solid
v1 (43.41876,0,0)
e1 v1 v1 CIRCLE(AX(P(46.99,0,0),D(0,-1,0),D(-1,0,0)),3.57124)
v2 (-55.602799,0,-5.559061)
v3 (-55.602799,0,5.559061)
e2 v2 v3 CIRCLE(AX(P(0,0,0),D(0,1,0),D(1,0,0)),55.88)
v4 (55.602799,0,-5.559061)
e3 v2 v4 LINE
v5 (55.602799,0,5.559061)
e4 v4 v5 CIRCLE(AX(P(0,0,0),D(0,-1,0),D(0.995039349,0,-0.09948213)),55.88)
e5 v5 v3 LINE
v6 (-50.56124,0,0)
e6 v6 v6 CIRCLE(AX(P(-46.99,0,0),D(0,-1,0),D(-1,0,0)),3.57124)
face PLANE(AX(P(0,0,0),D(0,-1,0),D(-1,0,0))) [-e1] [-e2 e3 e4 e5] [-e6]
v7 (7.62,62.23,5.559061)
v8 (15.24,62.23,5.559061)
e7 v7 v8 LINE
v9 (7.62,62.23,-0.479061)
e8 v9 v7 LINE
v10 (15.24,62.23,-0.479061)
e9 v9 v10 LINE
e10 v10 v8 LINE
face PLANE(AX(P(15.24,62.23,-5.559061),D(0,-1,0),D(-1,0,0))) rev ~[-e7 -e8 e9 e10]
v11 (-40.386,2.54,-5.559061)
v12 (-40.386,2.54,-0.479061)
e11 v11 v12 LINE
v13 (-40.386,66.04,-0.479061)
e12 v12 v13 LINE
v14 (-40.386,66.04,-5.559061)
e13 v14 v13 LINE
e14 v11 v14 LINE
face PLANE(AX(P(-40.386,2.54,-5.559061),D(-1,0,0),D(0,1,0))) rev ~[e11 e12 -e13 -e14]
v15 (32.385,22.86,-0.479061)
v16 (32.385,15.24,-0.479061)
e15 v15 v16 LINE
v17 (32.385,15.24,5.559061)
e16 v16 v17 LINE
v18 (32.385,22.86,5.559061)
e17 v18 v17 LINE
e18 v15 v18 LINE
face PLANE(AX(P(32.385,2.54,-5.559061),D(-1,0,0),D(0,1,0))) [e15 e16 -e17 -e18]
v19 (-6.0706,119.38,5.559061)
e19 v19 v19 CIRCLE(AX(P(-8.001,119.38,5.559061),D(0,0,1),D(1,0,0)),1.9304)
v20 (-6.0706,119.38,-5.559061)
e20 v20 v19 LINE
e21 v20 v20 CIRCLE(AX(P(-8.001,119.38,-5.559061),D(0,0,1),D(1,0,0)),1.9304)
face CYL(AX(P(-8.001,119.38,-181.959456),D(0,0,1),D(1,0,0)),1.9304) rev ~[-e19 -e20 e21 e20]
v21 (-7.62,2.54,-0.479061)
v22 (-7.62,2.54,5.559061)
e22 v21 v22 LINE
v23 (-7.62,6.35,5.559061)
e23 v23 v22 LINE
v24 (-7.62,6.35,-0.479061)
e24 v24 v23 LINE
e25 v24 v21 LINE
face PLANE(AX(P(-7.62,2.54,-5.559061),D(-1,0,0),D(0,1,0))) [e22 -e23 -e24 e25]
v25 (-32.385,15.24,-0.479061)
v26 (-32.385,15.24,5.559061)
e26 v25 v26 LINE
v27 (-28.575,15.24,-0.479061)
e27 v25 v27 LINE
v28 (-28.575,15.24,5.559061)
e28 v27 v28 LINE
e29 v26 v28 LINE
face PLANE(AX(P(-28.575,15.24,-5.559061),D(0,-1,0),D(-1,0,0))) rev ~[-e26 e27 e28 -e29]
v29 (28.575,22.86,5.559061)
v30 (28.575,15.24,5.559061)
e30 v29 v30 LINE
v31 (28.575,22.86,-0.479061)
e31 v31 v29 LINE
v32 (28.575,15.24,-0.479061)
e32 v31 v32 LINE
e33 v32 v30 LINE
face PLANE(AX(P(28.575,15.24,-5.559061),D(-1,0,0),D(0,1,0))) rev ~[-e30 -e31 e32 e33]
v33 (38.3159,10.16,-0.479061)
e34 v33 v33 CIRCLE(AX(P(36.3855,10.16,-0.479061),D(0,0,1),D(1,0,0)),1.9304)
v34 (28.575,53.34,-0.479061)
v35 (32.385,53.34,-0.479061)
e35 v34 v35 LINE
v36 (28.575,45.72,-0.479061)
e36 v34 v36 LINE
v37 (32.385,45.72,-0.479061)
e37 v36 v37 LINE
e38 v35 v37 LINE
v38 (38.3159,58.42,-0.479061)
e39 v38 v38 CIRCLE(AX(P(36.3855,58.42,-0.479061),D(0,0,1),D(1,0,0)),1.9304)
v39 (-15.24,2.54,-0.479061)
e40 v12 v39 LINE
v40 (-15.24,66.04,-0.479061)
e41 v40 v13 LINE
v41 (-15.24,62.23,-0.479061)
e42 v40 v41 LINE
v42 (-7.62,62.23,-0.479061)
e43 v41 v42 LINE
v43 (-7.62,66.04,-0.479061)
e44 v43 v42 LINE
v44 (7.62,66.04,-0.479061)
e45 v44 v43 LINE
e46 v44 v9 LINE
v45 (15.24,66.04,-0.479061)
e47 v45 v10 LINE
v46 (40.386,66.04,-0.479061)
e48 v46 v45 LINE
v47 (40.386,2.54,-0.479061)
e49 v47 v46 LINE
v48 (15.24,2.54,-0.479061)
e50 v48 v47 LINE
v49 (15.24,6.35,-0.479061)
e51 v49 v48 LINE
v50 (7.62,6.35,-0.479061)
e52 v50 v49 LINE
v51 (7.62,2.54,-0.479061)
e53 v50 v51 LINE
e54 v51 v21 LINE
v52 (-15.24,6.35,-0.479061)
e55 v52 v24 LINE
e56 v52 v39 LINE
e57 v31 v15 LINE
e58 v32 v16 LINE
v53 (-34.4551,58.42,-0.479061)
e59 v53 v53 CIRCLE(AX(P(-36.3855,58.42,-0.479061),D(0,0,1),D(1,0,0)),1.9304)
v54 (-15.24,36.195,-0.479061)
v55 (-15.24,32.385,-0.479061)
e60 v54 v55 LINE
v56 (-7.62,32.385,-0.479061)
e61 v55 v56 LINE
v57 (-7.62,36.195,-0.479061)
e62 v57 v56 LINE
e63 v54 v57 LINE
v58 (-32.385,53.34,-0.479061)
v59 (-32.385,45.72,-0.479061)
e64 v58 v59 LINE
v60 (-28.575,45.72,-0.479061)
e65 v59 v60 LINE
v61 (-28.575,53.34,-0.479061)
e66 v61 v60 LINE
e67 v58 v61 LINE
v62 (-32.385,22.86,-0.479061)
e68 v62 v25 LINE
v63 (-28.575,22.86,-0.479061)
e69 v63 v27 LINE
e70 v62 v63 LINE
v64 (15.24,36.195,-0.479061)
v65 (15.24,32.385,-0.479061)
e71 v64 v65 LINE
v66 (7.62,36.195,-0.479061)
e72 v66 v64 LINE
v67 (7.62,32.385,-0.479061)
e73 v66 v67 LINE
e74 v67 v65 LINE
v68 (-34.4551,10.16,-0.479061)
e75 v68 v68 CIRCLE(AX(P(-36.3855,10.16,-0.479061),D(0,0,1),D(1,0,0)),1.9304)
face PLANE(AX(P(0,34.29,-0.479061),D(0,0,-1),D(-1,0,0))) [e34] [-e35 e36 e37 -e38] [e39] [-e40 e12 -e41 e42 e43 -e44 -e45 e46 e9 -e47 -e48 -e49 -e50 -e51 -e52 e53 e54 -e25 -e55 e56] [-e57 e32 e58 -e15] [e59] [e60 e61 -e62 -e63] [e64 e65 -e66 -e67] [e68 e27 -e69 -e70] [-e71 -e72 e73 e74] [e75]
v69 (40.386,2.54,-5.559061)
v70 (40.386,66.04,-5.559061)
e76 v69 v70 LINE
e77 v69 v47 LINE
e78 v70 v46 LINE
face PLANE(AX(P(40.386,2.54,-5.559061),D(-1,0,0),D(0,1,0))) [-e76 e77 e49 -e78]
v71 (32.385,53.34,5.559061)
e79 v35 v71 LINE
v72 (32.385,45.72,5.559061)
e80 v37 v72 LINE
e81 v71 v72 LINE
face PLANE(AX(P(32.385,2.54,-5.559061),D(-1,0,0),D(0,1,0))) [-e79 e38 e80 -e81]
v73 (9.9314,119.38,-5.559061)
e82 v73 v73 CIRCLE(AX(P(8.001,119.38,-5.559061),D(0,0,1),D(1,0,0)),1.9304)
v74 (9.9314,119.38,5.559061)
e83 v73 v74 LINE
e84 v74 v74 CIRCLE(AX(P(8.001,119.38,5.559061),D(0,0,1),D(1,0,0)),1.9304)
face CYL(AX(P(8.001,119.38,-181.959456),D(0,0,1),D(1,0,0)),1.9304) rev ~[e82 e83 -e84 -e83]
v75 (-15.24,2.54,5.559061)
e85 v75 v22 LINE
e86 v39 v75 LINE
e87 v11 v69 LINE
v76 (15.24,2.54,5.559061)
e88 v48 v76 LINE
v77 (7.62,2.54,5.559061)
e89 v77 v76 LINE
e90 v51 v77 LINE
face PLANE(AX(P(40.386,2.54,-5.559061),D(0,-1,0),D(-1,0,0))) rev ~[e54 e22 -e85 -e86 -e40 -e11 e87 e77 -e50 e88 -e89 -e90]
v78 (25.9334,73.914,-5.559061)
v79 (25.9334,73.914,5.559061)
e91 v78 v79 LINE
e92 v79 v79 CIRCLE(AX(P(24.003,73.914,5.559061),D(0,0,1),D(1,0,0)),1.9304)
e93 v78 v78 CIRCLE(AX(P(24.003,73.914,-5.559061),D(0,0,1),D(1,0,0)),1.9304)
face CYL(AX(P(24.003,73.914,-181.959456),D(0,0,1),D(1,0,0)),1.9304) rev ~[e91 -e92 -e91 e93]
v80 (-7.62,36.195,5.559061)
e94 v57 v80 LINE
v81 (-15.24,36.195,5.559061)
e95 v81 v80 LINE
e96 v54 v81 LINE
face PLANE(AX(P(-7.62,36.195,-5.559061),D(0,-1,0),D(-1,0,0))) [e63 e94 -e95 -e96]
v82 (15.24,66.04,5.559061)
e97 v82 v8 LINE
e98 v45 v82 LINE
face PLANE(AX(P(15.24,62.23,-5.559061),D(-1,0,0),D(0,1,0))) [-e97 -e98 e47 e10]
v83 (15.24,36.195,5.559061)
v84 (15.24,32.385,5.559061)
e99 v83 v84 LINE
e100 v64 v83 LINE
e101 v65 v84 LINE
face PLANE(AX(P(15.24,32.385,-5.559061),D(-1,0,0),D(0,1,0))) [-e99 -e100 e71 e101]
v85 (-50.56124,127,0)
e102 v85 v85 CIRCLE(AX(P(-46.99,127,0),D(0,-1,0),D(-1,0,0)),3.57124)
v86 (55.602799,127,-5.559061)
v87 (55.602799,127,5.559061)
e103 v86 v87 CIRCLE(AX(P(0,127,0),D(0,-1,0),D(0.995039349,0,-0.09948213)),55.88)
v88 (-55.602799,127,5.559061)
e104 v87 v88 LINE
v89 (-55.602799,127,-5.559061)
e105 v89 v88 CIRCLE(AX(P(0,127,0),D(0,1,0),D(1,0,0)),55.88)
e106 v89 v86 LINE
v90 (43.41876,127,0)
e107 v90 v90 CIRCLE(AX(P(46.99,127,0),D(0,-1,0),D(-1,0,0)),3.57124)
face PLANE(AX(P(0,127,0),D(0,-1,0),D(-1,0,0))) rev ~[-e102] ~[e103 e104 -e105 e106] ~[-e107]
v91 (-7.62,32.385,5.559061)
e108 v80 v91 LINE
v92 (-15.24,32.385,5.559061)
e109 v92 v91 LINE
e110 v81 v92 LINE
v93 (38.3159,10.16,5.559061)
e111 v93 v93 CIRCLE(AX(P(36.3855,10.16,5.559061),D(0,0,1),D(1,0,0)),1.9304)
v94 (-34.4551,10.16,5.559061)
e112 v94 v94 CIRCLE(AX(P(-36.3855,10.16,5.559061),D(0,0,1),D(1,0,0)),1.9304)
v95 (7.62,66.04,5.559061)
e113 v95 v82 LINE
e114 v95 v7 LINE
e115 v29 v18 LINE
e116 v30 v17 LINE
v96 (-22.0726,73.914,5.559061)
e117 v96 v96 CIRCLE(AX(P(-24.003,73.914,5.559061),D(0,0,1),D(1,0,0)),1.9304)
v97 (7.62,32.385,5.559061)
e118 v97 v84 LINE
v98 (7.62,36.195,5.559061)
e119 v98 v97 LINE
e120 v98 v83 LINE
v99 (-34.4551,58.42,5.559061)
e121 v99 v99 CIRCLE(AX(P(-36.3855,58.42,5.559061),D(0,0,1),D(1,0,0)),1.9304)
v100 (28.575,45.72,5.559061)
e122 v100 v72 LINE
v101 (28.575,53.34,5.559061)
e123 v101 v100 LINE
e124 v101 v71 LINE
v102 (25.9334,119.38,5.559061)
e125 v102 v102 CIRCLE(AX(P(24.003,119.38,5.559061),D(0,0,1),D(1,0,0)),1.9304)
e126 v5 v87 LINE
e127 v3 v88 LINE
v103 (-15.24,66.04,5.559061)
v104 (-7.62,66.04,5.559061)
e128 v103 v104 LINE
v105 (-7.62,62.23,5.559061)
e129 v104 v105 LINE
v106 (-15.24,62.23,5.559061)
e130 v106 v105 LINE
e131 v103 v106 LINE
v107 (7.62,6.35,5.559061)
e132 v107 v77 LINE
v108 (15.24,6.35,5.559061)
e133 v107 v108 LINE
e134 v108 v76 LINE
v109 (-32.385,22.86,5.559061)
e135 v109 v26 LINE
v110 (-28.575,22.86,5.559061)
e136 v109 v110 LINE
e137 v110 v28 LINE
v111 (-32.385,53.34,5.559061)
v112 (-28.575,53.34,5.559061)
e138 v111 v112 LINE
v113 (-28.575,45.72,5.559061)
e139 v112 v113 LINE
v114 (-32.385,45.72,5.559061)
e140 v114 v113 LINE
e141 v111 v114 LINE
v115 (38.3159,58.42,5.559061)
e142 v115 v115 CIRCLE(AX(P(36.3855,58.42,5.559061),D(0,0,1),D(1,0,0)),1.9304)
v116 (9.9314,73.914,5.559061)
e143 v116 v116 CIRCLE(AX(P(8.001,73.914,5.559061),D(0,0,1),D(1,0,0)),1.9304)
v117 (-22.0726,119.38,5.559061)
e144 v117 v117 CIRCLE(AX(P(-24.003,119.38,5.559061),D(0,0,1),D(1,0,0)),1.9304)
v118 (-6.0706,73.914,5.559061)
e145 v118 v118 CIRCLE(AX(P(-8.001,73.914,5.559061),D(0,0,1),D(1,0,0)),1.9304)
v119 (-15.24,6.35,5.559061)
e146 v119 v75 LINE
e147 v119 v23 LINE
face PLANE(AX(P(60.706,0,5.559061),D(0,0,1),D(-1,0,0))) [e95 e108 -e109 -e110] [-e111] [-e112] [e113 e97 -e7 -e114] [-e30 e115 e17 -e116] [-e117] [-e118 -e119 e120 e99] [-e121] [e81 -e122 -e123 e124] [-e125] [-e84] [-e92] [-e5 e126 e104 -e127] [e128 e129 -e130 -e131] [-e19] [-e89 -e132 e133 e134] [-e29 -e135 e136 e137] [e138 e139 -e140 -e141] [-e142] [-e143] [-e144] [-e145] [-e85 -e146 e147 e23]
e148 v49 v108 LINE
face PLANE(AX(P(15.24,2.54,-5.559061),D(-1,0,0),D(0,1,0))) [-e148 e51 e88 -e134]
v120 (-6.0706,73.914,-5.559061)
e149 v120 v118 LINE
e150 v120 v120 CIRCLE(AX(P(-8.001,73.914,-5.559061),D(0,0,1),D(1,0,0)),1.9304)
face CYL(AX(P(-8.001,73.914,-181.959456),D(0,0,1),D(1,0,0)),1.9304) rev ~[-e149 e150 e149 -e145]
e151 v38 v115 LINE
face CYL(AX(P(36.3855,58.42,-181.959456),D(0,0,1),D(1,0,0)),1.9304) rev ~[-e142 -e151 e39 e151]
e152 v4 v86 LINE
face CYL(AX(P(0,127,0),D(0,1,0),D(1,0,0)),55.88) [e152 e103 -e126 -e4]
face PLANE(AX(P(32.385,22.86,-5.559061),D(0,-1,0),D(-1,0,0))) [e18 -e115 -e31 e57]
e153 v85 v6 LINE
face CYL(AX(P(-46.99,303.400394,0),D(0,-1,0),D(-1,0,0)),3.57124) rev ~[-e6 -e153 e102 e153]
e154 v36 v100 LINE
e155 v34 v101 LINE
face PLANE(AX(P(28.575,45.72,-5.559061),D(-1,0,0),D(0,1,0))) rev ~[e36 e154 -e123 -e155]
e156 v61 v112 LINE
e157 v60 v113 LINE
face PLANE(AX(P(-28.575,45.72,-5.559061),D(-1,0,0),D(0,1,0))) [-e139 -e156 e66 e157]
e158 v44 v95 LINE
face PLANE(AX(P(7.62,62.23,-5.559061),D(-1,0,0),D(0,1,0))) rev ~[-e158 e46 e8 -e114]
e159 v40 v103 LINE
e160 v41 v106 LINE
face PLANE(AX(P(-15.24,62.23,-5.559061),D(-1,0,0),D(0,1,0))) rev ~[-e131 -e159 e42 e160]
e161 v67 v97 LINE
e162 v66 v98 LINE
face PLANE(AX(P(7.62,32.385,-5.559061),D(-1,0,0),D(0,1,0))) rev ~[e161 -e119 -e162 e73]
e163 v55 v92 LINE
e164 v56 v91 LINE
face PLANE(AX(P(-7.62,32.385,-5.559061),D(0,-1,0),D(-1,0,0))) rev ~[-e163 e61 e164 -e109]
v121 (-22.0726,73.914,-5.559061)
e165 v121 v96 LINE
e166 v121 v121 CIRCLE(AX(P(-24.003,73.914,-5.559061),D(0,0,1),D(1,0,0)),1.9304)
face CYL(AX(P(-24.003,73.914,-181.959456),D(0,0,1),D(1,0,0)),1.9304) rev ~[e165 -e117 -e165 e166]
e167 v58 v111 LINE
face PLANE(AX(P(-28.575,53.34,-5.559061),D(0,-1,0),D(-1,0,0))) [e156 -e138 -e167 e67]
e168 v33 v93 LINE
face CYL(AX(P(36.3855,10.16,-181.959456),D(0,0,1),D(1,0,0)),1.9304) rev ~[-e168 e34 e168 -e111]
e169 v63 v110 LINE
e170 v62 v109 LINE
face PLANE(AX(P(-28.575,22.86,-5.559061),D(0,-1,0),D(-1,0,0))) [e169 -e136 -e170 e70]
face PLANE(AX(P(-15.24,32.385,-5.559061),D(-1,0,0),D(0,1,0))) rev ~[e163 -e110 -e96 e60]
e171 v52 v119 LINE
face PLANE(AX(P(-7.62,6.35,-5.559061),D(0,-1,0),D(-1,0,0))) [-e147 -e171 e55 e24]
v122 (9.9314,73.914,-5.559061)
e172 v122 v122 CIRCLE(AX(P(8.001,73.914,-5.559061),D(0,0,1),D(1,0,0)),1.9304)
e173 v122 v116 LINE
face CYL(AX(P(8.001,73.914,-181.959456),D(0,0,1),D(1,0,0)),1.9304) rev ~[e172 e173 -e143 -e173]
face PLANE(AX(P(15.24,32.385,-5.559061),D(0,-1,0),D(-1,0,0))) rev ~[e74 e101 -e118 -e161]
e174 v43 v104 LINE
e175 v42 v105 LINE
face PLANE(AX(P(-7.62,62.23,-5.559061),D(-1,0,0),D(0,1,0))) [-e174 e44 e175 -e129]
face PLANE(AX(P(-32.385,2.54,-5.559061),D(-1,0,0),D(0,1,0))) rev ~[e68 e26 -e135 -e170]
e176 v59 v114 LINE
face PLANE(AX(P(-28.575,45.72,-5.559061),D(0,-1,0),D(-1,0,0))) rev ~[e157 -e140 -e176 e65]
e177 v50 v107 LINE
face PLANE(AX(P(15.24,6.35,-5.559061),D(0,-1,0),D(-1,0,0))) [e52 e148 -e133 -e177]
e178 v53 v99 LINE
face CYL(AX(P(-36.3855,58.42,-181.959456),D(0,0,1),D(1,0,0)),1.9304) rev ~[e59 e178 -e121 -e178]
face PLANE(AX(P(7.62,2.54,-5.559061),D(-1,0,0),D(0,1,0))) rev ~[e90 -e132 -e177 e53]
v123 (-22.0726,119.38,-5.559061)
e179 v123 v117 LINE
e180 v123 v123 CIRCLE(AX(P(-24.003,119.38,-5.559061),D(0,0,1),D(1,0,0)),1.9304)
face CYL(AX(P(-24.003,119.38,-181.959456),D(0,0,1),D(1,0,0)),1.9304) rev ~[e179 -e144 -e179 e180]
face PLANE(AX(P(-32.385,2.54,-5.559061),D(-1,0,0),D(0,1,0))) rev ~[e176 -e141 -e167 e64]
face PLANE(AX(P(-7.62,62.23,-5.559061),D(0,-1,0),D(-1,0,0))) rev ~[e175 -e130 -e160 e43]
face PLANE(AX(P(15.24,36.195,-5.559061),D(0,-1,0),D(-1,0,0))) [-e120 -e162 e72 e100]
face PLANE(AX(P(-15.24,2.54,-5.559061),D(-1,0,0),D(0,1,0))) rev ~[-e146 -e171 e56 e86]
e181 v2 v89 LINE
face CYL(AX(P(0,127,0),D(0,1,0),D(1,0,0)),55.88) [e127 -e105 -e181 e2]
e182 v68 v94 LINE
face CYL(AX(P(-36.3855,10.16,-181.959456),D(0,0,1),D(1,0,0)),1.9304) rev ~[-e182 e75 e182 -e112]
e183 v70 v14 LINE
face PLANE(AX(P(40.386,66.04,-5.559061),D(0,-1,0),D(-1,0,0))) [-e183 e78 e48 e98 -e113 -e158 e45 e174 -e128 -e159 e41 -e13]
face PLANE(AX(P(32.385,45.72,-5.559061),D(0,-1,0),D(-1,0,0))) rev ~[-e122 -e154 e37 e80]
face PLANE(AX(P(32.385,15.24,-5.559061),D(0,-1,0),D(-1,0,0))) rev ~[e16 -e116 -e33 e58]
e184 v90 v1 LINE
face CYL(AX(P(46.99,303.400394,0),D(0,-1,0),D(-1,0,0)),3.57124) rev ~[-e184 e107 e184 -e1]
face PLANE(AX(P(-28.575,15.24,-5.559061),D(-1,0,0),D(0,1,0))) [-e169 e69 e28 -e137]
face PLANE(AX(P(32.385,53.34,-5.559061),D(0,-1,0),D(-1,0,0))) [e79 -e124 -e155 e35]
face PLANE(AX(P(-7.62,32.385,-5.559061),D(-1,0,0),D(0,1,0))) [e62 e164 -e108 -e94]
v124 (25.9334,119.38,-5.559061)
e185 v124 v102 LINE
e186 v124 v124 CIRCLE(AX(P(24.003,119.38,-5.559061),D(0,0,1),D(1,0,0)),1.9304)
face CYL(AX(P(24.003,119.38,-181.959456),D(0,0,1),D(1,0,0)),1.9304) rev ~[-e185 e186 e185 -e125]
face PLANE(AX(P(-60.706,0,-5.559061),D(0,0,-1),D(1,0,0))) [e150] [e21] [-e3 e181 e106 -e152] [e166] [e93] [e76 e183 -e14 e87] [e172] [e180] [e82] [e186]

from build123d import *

# Parameters (mm, degrees)
BOSS_EXTRUDE1_DEPTH     = 127
F_1_4_CLEARANCE_HOLE1_D = 7.14248
F_8_CLEARANCE_HOLE1_D   = 3.8608
SKETCH19_W              = 7.62
SKETCH19_H              = 3.81
SKETCH19_W_2            = 3.81
SKETCH19_H_2            = 7.62
CUT_EXTRUDE3_DEPTH      = 12.118122863
F_8_CLEARANCE_HOLE2_D   = 3.8608
F_8_CLEARANCE_HOLE3_D   = 3.8608
SKETCH10_W              = 64.77
SKETCH10_H              = 63.5
CUT_EXTRUDE4_DEPTH      = 5.08
SKETCH36_R              = 76.2
SKETCH36_R_2            = 55.88
CUT_EXTRUDE5_DEPTH      = 128
SKETCH37_W              = 80.772
SKETCH37_H              = 63.5
CUT_EXTRUDE6_DEPTH      = 5.08


with BuildPart() as part:
    # Sketch1 → Boss-Extrude1 (new body)
    with BuildSketch(Plane(origin=(0, 0, 0), x_dir=(1, 0, 0), z_dir=(0, 1, 0))):
        with BuildLine():
            Line((-60.706, 5.559061432), (60.706, 5.559061432))
            ThreePointArc((60.706, 5.559061432), (60.96, 0), (60.706, -5.559061432))
            Line((60.706, -5.559061432), (-60.706, -5.559061432))
            ThreePointArc((-60.706, -5.559061432), (-60.96, 0), (-60.706, 5.559061432))
        make_face()
    extrude(amount=BOSS_EXTRUDE1_DEPTH)

    # 1/4 Clearance Hole1 (through all)
    with Locations(Plane(origin=(0, 127, 0), x_dir=(1, 0, 0), z_dir=(0, 1, 0))):
        with Locations((-46.99, 0), (46.99, 0)):
            Hole(F_1_4_CLEARANCE_HOLE1_D / 2)

    # #8 Clearance Hole1 (through all)
    with Locations(Plane(origin=(0, 0, -5.559061432), x_dir=(-1, 0, 0), z_dir=(0, 0, -1))):
        with Locations((-8.001, 119.38), (-8.001, 73.914), (8.001, 73.914), (8.001, 119.38)):
            Hole(F_8_CLEARANCE_HOLE1_D / 2)

    # Sketch19 → Cut-Extrude3 (cut, through all)
    with BuildSketch(Plane(origin=(0, 0, -5.559061432), x_dir=(-1, 0, 0), z_dir=(0, 0, -1))):
        with Locations((-11.43, 34.29)):
            Rectangle(SKETCH19_W, SKETCH19_H)
        with Locations((30.48, 49.53)):
            Rectangle(SKETCH19_W_2, SKETCH19_H_2)
        with Locations((-11.43, 64.135)):
            Rectangle(SKETCH19_W, SKETCH19_H)
        with Locations((11.43, 64.135)):
            Rectangle(SKETCH19_W, SKETCH19_H)
        with Locations((-11.43, 4.445)):
            Rectangle(SKETCH19_W, SKETCH19_H)
        with Locations((11.43, 4.445)):
            Rectangle(SKETCH19_W, SKETCH19_H)
        with Locations((-30.48, 49.53)):
            Rectangle(SKETCH19_W_2, SKETCH19_H_2)
        with Locations((30.48, 19.05)):
            Rectangle(SKETCH19_W_2, SKETCH19_H_2)
        with Locations((-30.48, 19.05)):
            Rectangle(SKETCH19_W_2, SKETCH19_H_2)
        with Locations((11.43, 34.29)):
            Rectangle(SKETCH19_W, SKETCH19_H)
    extrude(amount=-CUT_EXTRUDE3_DEPTH, mode=Mode.SUBTRACT)

    # #8 Clearance Hole2 (through all)
    with Locations(Plane(origin=(0, 0, -5.559061432), x_dir=(-1, 0, 0), z_dir=(0, 0, -1))):
        with Locations((-24.003, 119.38), (-24.003, 73.914), (24.003, 73.914), (24.003, 119.38)):
            Hole(F_8_CLEARANCE_HOLE2_D / 2)

    # #8 Clearance Hole3 (through all)
    with Locations(Plane(origin=(0, 0, -5.559061432), x_dir=(-1, 0, 0), z_dir=(0, 0, -1))):
        with Locations((-36.3855, 58.42), (-36.3855, 10.16), (36.3855, 10.16), (36.3855, 58.42)):
            Hole(F_8_CLEARANCE_HOLE3_D / 2)

    # Sketch10 → Cut-Extrude4 (cut)
    with BuildSketch(Plane(origin=(0, 0, -5.559061432), x_dir=(-1, 0, 0), z_dir=(0, 0, -1))):
        with Locations((0, 34.29)):
            Rectangle(SKETCH10_W, SKETCH10_H)
    extrude(amount=-CUT_EXTRUDE4_DEPTH, mode=Mode.SUBTRACT)

    # Sketch36 → Cut-Extrude5 (cut, through all)
    with BuildSketch(Plane(origin=(0, 127, 0), x_dir=(1, 0, 0), z_dir=(0, 1, 0))):
        Circle(SKETCH36_R)
        Circle(SKETCH36_R_2, mode=Mode.SUBTRACT)
    extrude(amount=-CUT_EXTRUDE5_DEPTH, mode=Mode.SUBTRACT)

    # Sketch37 → Cut-Extrude6 (cut)
    with BuildSketch(Plane(origin=(0, 0, -5.559061432), x_dir=(-1, 0, 0), z_dir=(0, 0, -1))):
        with Locations((0, 34.29)):
            Rectangle(SKETCH37_W, SKETCH37_H)
    extrude(amount=-CUT_EXTRUDE6_DEPTH, mode=Mode.SUBTRACT)


solid = part.part
